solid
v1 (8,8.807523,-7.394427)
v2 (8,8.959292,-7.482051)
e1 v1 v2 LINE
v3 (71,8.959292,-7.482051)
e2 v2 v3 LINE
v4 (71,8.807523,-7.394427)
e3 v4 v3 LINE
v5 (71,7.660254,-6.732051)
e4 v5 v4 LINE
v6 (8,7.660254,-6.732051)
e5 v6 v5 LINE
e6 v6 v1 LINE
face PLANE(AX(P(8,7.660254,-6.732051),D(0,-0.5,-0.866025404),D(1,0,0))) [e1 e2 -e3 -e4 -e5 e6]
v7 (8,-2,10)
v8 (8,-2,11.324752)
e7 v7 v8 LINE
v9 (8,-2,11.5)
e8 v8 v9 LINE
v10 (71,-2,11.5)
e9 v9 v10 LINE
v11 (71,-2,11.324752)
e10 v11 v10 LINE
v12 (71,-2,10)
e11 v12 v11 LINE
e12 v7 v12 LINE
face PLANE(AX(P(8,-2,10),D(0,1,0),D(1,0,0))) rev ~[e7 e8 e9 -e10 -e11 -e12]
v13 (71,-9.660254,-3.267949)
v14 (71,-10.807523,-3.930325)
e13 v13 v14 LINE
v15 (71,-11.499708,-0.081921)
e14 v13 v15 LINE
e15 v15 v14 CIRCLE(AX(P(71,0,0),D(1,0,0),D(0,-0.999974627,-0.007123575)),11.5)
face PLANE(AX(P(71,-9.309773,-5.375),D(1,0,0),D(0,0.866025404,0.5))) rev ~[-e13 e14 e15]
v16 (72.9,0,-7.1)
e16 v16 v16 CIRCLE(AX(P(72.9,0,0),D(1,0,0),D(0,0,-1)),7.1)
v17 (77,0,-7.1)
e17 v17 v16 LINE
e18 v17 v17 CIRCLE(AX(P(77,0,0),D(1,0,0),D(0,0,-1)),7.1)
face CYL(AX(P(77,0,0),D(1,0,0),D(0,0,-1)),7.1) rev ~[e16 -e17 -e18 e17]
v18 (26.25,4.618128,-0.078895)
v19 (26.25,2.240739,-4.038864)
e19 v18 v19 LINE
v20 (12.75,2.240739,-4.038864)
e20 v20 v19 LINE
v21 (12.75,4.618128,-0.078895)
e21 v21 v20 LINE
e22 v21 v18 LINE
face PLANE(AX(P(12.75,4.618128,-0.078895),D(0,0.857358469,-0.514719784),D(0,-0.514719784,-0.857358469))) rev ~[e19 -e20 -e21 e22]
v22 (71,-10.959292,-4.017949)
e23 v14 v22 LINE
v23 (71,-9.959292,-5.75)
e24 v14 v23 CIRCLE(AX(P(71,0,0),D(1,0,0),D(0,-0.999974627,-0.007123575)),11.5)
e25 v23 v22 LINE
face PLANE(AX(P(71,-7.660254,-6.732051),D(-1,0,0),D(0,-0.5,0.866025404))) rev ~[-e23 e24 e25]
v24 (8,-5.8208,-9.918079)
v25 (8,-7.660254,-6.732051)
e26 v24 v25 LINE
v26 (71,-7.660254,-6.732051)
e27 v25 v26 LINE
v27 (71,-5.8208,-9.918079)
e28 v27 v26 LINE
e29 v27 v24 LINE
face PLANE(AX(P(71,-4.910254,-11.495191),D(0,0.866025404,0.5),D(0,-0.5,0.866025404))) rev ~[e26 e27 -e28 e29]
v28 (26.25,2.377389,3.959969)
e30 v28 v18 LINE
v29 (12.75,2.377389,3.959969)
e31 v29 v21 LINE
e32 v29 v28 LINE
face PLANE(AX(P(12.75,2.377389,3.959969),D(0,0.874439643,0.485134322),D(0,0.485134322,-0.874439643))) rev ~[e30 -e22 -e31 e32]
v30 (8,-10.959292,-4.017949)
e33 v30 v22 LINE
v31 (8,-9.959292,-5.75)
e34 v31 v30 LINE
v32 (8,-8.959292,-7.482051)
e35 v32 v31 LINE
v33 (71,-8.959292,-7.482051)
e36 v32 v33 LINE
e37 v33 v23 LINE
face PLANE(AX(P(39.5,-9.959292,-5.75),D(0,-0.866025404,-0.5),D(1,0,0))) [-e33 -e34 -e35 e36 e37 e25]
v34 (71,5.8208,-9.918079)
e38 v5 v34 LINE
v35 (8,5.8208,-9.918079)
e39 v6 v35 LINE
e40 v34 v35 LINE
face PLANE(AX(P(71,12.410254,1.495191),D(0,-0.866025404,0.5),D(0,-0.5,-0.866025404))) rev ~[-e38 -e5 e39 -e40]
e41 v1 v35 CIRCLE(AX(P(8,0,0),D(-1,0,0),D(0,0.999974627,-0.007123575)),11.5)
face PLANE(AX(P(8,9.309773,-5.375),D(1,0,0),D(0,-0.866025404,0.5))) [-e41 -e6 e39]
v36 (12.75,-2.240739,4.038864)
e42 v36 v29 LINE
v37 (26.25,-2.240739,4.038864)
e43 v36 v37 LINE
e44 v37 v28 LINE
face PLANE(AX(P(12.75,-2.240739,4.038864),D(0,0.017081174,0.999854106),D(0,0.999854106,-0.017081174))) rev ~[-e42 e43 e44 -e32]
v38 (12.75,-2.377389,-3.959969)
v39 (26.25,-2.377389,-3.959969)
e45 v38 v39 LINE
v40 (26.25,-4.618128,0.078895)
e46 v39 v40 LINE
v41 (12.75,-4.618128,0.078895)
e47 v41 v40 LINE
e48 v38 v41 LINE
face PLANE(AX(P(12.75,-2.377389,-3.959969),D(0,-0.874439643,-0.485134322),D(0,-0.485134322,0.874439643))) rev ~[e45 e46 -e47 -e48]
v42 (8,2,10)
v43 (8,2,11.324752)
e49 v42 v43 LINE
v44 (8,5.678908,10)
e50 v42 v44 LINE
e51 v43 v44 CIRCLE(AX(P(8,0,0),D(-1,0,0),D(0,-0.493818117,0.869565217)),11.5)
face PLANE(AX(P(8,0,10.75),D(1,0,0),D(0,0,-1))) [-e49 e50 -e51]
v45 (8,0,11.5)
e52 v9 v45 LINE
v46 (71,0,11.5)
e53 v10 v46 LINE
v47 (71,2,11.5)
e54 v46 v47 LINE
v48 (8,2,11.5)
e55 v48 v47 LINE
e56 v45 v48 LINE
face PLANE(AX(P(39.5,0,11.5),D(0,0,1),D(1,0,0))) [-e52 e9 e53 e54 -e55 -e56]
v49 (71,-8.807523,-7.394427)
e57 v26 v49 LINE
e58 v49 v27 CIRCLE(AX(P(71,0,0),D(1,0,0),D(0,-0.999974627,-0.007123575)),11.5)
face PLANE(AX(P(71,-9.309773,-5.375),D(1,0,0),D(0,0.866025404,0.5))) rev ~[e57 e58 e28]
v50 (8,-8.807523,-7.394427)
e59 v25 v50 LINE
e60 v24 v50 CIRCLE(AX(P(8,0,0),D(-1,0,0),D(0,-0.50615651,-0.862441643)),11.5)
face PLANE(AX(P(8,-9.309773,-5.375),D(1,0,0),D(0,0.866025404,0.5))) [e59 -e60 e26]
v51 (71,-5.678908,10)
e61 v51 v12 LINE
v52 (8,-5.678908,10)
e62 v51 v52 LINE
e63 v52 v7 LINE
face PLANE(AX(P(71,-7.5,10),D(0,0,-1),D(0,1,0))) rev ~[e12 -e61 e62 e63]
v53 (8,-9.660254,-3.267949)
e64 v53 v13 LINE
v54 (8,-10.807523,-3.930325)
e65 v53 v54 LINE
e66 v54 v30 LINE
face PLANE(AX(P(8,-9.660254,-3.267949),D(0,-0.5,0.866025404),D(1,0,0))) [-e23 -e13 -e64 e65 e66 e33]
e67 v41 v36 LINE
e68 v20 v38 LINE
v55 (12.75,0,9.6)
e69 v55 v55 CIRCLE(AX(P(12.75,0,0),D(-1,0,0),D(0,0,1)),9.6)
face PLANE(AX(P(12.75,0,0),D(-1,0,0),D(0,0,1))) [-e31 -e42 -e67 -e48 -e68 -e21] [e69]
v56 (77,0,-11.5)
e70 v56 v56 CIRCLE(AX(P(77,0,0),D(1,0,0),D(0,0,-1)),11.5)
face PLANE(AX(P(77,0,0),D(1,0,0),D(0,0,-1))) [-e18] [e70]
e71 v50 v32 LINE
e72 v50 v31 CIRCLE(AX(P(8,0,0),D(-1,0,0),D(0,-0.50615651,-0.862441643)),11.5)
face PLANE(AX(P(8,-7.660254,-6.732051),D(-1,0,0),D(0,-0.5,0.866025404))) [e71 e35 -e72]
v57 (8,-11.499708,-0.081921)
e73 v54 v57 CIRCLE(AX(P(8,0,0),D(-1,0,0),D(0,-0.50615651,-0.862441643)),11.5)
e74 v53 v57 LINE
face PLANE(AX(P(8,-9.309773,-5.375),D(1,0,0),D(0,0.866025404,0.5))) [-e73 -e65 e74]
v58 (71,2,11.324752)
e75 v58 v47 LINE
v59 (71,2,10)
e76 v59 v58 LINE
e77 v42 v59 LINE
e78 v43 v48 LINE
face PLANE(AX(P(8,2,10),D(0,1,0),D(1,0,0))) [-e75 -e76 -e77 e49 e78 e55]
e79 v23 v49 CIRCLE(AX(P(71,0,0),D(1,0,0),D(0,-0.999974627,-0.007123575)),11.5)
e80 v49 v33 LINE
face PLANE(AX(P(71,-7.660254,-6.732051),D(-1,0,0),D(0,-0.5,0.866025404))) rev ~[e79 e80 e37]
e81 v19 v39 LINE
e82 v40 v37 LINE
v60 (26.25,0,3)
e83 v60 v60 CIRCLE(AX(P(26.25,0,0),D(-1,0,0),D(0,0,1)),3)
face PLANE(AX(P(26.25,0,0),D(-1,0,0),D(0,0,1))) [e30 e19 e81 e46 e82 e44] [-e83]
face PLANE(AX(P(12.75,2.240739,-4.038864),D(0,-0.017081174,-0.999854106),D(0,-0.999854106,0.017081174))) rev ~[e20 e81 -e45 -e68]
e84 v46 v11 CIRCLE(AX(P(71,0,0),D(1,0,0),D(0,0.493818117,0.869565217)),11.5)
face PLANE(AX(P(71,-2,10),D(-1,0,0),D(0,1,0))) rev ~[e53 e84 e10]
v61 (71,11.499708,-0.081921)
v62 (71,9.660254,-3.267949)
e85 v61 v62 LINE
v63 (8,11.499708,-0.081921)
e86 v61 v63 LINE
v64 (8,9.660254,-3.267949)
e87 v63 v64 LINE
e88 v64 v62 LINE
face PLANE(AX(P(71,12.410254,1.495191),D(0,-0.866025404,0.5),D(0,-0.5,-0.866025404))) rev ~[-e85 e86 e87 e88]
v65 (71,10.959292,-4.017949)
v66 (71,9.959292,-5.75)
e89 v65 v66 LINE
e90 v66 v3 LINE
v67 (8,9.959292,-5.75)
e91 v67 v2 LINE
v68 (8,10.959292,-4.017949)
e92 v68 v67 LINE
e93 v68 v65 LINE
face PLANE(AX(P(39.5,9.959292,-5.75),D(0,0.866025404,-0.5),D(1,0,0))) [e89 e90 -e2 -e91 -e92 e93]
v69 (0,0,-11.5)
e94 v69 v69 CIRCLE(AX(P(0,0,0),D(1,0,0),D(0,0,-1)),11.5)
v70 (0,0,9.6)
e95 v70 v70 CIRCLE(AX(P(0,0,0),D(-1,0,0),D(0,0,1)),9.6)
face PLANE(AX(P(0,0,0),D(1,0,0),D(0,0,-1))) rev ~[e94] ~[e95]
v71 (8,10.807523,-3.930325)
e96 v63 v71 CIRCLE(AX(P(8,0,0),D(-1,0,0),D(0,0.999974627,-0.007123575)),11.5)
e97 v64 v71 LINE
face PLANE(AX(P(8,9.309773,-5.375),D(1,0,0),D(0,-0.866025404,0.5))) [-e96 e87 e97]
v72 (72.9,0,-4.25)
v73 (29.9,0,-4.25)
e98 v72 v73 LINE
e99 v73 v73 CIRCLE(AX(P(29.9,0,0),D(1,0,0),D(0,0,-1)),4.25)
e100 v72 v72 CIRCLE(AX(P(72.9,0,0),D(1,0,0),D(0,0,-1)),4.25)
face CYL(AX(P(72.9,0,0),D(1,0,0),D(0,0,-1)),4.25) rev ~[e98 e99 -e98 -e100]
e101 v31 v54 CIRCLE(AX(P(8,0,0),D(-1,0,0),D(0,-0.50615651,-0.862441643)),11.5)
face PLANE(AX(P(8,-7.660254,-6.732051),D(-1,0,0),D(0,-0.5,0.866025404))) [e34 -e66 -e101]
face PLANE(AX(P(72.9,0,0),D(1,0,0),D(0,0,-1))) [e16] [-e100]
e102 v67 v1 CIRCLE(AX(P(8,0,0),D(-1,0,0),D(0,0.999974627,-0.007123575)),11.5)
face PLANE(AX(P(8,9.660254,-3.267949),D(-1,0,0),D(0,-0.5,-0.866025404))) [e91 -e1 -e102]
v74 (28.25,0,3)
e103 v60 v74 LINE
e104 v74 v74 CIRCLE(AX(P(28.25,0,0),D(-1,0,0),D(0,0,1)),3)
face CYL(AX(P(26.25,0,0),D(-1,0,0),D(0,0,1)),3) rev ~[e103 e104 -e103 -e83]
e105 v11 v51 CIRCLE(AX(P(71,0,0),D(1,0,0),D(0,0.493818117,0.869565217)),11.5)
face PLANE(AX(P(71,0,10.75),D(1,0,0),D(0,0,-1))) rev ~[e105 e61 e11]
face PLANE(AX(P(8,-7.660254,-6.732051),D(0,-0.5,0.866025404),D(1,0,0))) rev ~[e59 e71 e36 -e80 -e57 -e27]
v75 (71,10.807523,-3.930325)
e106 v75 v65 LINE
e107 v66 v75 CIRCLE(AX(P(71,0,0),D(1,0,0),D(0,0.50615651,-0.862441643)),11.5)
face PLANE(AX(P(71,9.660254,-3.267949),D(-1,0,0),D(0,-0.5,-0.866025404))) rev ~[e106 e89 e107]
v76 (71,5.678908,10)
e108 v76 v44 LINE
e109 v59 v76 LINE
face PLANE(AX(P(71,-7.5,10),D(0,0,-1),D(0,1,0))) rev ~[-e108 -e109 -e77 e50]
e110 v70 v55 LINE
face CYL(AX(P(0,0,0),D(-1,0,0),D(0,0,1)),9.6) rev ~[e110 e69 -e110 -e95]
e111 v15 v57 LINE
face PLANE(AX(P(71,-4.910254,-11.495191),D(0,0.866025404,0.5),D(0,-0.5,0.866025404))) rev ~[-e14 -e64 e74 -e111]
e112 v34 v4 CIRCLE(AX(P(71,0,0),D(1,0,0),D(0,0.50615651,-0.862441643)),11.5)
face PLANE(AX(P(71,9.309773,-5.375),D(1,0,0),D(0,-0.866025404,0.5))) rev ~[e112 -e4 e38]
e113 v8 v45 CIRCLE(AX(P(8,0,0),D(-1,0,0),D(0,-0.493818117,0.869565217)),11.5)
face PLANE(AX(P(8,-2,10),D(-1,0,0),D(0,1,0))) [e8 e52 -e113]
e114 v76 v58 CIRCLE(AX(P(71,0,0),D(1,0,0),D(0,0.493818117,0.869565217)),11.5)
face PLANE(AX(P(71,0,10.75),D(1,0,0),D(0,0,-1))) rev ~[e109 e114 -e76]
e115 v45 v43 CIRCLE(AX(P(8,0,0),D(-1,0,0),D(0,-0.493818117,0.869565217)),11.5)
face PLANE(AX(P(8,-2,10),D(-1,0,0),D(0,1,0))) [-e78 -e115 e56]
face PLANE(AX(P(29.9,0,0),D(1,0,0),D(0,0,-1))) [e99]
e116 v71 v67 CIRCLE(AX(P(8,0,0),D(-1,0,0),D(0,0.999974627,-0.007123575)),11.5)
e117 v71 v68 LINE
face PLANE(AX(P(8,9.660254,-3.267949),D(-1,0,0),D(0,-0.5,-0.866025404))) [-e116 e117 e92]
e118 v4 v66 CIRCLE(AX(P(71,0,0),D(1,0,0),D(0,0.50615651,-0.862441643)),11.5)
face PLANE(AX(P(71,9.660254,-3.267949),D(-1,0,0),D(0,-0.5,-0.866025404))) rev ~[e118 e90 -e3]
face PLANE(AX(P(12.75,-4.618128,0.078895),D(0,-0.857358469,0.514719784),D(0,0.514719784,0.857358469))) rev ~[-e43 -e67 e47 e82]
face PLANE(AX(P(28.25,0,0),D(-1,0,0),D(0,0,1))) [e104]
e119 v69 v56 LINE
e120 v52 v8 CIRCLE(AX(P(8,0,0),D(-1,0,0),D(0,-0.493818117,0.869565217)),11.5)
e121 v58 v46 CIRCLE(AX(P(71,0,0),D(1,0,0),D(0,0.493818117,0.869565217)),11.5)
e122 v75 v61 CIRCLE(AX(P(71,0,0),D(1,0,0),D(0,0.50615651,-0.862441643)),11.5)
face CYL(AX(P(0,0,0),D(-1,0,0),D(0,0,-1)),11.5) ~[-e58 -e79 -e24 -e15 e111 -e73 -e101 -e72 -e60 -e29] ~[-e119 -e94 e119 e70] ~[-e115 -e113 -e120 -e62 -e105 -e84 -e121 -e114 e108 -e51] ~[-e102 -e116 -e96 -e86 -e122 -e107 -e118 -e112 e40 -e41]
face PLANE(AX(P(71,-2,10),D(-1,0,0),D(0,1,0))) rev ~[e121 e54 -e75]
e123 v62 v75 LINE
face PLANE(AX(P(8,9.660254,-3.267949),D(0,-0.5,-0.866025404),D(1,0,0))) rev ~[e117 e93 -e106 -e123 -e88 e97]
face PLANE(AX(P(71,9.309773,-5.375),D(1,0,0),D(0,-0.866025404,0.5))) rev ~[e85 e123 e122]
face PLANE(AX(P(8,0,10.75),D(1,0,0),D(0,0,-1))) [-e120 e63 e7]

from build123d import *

# Parameters (mm, degrees)
SKIZZE1_R                       = 11.5
AUFSATZ_LINEAR_AUSTRAGEN1_DEPTH = 77
SKIZZE2_R                       = 7.1
SCHNITT_LINEAR_AUSTRAGEN1_DEPTH = 4.1
SKIZZE3_R                       = 4.25
SCHNITT_LINEAR_AUSTRAGEN2_DEPTH = 43
SKIZZE4_R                       = 9.6
SCHNITT_LINEAR_AUSTRAGEN3_DEPTH = 12.75
SCHNITT_LINEAR_START            = -6
SKIZZE7_W                       = 1.5
SKIZZE7_H                       = 15
SCHNITT_LINEAR_AUSTRAGEN4_DEPTH = 63
SKIZZE8_W                       = 63
SKIZZE8_H                       = 4
AUFSATZ_LINEAR_AUSTRAGEN2_DEPTH = 1.5
SCHNITT_LINEAR_AUSTRAGEN6_DEPTH = 13.5
SKIZZE12_R                      = 3
SCHNITT_LINEAR_AUSTRAGEN7_DEPTH = 2
KREISMUSTER3_COUNT              = 3


with BuildPart() as part:
    # Skizze1 → Aufsatz-Linear austragen1 (new body)
    with BuildSketch(Plane(origin=(0, 0, 0), x_dir=(0, 0, -1), z_dir=(1, 0, 0))):
        Circle(SKIZZE1_R)
    extrude(amount=AUFSATZ_LINEAR_AUSTRAGEN1_DEPTH)

    # Skizze2 → Schnitt-Linear austragen1 (cut)
    with BuildSketch(Plane(origin=(77, 0, 0), x_dir=(0, 0, -1), z_dir=(1, 0, 0))):
        Circle(SKIZZE2_R)
    extrude(amount=-SCHNITT_LINEAR_AUSTRAGEN1_DEPTH, mode=Mode.SUBTRACT)

    # Skizze3 → Schnitt-Linear austragen2 (cut)
    with BuildSketch(Plane(origin=(72.9, 0, 0), x_dir=(0, 0, -1), z_dir=(1, 0, 0))):
        Circle(SKIZZE3_R)
    extrude(amount=-SCHNITT_LINEAR_AUSTRAGEN2_DEPTH, mode=Mode.SUBTRACT)

    # Skizze4 → Schnitt-Linear austragen3 (cut)
    with BuildSketch(Plane.ZY):
        Circle(SKIZZE4_R)
    extrude(amount=-SCHNITT_LINEAR_AUSTRAGEN3_DEPTH, mode=Mode.SUBTRACT)

    # Skizze7 → Schnitt-Linear austragen4 (cut)
    with BuildSketch(Plane(origin=(77, 0, 0), x_dir=(0, 0, -1), z_dir=(1, 0, 0)).offset(SCHNITT_LINEAR_START)):
        with Locations((-10.75, 0)):
            Rectangle(SKIZZE7_W, SKIZZE7_H)
    schnitt_linear_austragen4 = extrude(amount=-SCHNITT_LINEAR_AUSTRAGEN4_DEPTH, mode=Mode.SUBTRACT)

    # Skizze8 → Aufsatz-Linear austragen2 (add)
    with BuildSketch(Plane.XY.offset(10)):
        with Locations((39.5, 0)):
            Rectangle(SKIZZE8_W, SKIZZE8_H)
    aufsatz_linear_austragen2 = extrude(amount=AUFSATZ_LINEAR_AUSTRAGEN2_DEPTH)

    # Skizze10 → Schnitt-Linear austragen6 (cut)
    with BuildSketch(Plane.ZY.offset(-12.75)):
        Polygon((4.038863706, -2.240739453), (3.959969143, 2.377388845), (-0.078894563, 4.618128298), (-4.038863706, 2.240739453), (-3.959969143, -2.377388845), (0.078894563, -4.618128298), align=None)
    extrude(amount=-SCHNITT_LINEAR_AUSTRAGEN6_DEPTH, mode=Mode.SUBTRACT)

    # Skizze12 → Schnitt-Linear austragen7 (cut)
    with BuildSketch(Plane.ZY.offset(-26.25)):
        Circle(SKIZZE12_R)
    extrude(amount=-SCHNITT_LINEAR_AUSTRAGEN7_DEPTH, mode=Mode.SUBTRACT)

    # Kreismuster3: Schnitt-Linear austragen4, Aufsatz-Linear austragen2 ×3 about axis
    kreismuster3_axis = Axis((0, 0, 0), (1, 0, 0))
    add([schnitt_linear_austragen4.rotate(kreismuster3_axis, i * 360 / KREISMUSTER3_COUNT) for i in range(1, KREISMUSTER3_COUNT)], mode=Mode.SUBTRACT)
    add([aufsatz_linear_austragen2.rotate(kreismuster3_axis, i * 360 / KREISMUSTER3_COUNT) for i in range(1, KREISMUSTER3_COUNT)])


solid = part.part
